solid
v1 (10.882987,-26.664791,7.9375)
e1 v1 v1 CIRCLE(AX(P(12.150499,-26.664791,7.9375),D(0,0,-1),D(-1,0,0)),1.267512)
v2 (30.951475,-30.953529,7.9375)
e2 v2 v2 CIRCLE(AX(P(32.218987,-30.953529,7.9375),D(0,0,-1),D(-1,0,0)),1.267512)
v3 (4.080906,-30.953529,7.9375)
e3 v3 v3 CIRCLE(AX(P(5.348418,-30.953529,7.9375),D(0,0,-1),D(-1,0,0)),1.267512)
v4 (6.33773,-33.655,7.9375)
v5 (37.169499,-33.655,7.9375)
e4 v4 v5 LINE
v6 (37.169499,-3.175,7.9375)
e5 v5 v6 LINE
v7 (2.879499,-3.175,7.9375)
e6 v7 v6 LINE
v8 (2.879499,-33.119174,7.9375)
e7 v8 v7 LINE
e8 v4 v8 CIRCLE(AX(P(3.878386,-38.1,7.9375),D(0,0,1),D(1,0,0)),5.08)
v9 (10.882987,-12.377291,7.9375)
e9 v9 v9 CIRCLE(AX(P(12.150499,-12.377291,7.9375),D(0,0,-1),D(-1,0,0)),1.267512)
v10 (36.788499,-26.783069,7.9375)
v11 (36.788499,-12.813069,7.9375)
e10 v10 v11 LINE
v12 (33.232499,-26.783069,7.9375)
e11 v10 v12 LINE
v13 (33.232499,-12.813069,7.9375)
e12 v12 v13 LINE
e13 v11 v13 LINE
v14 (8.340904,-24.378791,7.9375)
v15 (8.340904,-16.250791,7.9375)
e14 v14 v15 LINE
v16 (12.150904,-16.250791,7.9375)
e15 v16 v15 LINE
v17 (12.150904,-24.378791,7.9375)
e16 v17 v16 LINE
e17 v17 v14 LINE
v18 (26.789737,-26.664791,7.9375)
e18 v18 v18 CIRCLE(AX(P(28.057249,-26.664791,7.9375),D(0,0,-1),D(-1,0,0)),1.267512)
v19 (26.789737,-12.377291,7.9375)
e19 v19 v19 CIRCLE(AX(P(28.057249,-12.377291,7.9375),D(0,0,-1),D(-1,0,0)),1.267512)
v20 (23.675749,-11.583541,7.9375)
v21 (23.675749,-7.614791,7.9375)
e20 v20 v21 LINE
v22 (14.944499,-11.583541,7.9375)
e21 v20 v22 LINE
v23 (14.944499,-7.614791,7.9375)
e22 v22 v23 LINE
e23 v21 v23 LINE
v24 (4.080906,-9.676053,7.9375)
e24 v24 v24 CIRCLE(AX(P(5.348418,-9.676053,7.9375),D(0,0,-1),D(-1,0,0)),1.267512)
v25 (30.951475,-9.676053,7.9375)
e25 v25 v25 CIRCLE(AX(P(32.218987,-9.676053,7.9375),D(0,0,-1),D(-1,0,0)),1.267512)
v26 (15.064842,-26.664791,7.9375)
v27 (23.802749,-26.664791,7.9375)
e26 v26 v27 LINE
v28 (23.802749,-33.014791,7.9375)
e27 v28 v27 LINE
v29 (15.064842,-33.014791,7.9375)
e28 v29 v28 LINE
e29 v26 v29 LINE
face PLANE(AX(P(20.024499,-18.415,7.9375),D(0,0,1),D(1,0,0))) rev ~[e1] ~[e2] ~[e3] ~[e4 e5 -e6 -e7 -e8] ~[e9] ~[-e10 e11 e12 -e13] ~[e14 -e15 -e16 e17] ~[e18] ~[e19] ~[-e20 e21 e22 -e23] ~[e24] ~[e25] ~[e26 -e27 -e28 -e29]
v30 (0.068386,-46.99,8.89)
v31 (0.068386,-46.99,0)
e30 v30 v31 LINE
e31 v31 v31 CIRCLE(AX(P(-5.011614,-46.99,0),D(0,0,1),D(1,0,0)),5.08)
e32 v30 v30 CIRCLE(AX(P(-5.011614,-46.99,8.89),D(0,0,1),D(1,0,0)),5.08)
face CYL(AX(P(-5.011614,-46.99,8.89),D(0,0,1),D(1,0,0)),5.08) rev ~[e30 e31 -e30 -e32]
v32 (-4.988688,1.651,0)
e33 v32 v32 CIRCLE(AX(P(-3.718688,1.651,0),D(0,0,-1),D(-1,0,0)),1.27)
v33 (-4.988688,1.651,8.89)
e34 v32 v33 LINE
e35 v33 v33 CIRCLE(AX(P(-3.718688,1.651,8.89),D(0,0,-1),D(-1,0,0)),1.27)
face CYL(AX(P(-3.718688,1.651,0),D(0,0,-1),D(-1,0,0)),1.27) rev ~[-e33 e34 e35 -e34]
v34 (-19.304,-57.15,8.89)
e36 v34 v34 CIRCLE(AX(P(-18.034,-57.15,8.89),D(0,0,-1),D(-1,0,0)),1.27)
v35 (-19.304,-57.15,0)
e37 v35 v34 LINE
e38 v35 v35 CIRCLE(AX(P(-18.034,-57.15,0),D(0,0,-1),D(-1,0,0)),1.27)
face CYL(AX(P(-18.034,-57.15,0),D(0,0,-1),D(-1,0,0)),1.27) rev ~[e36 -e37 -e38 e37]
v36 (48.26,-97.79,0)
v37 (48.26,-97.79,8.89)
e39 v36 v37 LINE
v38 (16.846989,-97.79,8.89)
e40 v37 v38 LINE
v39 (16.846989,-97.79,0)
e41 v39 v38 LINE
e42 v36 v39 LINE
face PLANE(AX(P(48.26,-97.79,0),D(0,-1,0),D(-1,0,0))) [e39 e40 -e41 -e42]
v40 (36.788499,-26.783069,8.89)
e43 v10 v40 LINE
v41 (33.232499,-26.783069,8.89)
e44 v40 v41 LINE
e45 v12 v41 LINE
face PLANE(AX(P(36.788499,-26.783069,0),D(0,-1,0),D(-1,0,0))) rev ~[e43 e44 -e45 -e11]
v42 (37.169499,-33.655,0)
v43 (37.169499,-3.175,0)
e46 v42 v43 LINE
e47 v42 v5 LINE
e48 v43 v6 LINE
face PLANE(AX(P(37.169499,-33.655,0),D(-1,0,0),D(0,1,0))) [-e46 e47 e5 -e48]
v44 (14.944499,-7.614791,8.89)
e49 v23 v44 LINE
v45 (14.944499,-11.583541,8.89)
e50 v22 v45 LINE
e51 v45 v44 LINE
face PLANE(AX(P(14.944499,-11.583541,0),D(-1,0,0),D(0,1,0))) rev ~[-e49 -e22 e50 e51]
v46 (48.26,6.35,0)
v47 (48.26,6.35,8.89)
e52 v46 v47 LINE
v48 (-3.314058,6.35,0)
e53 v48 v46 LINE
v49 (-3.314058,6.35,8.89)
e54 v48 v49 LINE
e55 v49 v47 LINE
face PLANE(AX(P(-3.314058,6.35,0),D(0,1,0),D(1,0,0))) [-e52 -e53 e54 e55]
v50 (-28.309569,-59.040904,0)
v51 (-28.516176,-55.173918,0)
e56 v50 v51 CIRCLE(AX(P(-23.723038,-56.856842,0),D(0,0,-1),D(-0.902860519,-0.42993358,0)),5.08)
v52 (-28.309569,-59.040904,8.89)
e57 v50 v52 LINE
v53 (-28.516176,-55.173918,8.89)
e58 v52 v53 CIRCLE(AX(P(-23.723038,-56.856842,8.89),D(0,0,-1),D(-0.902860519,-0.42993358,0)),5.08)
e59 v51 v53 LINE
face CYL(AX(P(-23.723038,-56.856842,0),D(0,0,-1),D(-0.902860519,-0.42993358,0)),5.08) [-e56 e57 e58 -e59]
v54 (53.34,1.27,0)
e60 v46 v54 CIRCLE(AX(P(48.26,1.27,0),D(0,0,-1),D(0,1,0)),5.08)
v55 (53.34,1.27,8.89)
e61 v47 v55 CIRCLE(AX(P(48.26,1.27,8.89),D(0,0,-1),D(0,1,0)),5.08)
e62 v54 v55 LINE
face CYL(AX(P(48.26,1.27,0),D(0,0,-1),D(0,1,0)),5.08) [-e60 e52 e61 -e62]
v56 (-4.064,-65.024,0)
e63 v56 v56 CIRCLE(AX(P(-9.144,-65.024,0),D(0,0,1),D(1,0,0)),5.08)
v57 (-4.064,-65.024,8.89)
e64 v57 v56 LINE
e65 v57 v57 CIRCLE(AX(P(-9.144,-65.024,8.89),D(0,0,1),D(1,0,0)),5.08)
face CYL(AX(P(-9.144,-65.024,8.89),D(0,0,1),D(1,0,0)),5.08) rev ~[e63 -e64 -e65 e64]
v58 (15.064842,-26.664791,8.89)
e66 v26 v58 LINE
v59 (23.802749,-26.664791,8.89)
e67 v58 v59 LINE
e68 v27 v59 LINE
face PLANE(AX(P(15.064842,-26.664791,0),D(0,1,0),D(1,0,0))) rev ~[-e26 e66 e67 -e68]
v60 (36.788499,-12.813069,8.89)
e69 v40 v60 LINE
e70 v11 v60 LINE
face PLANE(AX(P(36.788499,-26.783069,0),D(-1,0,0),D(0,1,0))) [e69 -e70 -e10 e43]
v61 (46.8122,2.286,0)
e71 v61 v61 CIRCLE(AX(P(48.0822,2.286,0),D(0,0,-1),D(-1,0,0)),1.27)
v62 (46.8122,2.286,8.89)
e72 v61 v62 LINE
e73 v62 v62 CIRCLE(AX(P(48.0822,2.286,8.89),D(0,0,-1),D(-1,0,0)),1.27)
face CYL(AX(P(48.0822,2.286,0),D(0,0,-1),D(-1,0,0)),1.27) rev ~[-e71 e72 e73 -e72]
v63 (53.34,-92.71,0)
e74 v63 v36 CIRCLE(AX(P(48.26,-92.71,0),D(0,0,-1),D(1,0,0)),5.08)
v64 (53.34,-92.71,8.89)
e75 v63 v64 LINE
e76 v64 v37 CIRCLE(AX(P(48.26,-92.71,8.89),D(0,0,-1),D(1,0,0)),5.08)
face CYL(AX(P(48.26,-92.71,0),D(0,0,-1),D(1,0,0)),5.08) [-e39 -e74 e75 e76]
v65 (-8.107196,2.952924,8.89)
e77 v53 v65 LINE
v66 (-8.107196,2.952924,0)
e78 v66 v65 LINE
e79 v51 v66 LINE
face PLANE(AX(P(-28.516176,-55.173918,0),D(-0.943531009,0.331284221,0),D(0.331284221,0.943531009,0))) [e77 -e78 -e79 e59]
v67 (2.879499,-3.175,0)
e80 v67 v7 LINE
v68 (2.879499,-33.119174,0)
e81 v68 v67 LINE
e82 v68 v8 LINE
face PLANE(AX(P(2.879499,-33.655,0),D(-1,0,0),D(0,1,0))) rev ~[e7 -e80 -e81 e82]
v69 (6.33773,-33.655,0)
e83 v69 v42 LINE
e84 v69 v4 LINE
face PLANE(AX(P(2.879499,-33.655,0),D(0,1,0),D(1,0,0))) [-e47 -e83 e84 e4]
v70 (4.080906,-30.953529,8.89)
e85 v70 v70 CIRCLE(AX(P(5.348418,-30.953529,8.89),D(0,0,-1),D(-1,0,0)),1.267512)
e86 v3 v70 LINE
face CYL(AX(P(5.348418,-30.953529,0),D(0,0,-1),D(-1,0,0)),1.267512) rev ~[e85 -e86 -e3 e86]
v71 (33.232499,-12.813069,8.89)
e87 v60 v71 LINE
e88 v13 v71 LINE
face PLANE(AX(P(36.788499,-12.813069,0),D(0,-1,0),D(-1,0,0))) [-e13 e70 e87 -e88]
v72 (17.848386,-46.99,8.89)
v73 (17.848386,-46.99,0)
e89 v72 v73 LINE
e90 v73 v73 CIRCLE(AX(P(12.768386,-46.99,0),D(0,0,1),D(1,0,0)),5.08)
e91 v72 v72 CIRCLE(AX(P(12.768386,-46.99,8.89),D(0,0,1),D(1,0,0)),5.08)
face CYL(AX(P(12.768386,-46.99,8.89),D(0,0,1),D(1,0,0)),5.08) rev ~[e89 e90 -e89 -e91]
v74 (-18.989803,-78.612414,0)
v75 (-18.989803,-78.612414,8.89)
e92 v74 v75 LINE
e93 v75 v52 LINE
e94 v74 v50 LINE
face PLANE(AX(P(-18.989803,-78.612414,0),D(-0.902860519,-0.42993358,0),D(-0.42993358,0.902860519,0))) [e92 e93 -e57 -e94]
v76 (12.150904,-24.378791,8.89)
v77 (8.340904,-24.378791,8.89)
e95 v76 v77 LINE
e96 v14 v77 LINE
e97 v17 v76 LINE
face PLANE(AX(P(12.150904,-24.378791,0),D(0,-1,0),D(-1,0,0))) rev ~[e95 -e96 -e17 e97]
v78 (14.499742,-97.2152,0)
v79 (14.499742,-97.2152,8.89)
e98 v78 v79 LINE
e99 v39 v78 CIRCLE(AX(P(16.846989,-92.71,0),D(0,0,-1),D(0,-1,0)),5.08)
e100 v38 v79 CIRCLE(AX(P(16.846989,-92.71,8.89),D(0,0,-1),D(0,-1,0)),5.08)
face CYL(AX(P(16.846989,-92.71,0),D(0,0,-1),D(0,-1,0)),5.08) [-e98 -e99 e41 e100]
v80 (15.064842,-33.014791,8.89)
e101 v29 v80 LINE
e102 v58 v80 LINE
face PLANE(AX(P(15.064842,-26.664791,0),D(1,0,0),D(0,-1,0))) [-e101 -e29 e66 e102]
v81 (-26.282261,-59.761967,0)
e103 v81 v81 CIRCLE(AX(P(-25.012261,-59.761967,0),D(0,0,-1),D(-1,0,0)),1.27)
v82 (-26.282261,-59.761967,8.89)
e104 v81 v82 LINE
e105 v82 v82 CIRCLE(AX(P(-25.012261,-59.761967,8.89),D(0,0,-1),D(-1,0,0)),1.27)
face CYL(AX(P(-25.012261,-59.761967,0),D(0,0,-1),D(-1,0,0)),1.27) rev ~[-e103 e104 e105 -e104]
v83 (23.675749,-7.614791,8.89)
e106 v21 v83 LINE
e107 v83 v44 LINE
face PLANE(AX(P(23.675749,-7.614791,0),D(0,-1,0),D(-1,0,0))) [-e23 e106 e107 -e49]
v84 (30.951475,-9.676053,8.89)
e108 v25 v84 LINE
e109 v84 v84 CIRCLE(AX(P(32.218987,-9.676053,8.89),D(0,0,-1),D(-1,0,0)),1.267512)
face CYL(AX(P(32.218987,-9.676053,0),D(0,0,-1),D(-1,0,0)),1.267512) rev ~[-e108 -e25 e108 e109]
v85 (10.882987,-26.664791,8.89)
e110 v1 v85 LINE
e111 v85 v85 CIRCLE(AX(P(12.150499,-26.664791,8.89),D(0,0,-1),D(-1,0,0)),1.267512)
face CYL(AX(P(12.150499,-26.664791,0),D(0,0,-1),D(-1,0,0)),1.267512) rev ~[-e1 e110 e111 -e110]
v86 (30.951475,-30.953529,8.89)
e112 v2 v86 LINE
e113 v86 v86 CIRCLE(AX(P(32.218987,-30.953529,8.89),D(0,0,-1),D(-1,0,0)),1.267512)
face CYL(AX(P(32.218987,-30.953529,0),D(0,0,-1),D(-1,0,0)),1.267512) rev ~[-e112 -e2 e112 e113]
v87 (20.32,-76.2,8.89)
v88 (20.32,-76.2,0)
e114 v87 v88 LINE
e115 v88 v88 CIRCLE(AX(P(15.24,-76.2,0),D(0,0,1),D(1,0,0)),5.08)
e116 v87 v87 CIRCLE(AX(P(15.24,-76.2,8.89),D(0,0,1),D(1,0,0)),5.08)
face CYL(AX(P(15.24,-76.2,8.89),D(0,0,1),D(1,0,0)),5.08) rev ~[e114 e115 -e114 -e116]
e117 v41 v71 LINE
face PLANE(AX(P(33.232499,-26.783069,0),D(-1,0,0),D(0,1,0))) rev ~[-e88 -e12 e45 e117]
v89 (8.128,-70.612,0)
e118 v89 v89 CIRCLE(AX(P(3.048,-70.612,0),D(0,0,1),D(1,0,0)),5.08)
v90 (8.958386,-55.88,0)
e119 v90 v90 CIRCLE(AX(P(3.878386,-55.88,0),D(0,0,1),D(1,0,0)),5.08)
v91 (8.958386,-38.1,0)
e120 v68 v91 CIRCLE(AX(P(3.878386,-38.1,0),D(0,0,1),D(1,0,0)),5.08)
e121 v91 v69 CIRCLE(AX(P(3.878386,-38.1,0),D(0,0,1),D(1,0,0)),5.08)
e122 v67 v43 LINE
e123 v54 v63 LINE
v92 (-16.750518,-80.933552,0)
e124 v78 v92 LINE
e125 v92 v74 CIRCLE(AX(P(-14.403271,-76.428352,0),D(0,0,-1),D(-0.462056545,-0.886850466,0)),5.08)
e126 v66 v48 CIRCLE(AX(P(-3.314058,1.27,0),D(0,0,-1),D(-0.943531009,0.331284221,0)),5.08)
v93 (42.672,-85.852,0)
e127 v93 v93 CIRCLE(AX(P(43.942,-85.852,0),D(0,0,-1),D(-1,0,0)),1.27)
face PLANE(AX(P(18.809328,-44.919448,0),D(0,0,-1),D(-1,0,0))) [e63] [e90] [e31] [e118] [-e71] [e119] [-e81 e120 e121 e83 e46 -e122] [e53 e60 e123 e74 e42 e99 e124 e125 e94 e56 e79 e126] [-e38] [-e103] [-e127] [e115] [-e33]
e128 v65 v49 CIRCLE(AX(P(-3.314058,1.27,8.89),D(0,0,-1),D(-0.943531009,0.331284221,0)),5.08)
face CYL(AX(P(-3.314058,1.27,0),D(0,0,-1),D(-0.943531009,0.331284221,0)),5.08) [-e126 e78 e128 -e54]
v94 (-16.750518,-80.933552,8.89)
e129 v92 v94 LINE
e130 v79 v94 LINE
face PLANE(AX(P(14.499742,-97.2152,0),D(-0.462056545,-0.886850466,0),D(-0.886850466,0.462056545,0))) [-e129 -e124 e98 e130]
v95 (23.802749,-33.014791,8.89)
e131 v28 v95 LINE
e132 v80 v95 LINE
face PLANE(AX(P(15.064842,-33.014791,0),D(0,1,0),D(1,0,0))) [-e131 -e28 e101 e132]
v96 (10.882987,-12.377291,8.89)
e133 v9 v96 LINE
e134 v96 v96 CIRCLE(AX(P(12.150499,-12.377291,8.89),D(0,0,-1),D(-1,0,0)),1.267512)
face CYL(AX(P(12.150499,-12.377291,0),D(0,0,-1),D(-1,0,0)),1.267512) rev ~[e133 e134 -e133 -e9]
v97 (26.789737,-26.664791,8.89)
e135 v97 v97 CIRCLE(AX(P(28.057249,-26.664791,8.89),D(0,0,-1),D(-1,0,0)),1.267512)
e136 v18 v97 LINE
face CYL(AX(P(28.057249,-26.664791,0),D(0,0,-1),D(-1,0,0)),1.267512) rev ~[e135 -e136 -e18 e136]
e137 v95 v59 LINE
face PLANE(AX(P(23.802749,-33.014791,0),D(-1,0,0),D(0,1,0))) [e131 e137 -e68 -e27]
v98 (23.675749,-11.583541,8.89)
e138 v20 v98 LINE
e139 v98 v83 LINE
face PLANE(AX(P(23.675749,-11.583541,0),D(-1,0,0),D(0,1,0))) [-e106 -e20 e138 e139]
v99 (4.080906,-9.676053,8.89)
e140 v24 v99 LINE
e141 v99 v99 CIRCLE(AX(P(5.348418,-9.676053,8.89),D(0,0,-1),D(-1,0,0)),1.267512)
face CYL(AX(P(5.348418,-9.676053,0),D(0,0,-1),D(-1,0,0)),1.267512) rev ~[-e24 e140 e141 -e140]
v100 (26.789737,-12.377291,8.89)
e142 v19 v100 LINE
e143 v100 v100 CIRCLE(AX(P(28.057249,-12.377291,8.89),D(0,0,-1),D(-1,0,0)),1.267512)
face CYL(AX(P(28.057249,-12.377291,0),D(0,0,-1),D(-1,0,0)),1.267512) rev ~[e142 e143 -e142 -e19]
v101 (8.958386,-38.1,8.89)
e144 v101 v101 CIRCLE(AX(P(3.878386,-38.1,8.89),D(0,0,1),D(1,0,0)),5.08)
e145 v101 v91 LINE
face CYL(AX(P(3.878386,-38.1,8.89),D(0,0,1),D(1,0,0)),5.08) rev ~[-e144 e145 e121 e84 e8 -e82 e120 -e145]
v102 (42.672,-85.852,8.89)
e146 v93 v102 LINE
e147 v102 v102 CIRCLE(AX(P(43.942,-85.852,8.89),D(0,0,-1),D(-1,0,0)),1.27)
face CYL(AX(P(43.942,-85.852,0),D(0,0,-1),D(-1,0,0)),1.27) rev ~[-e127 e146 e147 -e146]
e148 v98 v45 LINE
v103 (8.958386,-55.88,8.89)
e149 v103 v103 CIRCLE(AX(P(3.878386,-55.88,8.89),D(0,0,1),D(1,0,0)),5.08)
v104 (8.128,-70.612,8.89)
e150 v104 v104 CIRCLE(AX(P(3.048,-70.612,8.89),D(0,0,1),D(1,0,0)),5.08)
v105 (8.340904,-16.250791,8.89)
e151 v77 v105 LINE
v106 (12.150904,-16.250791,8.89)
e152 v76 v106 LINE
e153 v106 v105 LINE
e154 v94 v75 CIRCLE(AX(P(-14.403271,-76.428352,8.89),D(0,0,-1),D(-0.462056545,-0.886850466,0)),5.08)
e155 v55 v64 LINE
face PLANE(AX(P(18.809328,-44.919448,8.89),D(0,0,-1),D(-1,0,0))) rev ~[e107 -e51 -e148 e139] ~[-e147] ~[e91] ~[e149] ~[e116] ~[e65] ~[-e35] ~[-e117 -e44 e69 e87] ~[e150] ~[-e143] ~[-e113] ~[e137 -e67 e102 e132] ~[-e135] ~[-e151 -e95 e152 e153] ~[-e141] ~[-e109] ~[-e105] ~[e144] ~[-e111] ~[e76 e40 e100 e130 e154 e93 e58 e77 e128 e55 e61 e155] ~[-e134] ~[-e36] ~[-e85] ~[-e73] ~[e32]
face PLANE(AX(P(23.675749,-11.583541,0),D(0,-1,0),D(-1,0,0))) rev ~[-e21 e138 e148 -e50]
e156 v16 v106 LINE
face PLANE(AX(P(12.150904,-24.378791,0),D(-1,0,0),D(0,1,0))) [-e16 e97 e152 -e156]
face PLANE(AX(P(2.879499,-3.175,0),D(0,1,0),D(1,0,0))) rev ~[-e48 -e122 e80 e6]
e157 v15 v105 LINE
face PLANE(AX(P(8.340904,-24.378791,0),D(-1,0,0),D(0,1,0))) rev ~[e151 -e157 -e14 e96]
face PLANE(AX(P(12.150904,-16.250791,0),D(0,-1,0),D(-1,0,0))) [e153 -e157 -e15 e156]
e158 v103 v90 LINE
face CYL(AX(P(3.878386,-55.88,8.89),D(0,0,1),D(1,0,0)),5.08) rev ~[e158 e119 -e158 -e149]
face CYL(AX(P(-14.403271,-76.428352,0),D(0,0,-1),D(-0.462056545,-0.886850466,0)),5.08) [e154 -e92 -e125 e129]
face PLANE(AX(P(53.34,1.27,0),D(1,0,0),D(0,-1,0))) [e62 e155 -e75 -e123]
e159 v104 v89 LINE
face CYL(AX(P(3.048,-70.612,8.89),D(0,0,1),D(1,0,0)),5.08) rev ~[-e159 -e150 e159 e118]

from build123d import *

# Parameters (mm, degrees)
BOSS_EXTRUDE1_DEPTH      = 8.89
SKETCH9_R                = 1.267511842
SKETCH9_W                = 3.81
SKETCH9_H                = 8.128
SKETCH9_W_2              = 3.556
SKETCH9_H_2              = 13.97
SKETCH9_W_3              = 8.73125
SKETCH9_H_3              = 3.96875
CUT_EXTRUDE6_DEPTH       = 1
CUT_EXTRUDE6_DEPTH_BACK  = 9.89
SKETCH4_W                = 34.29
SKETCH4_H                = 30.48
CUT_EXTRUDE7_DEPTH       = 7.9375
CUT_EXTRUDE7_DEPTH_BACK  = 1
SKETCH3_R                = 5.08
CUT_EXTRUDE8_DEPTH       = 1
CUT_EXTRUDE8_DEPTH_BACK  = 9.89
SKETCH12_R               = 1.27
CUT_EXTRUDE9_DEPTH       = 1
CUT_EXTRUDE9_DEPTH_BACK  = 9.89
SKETCH15_R               = 1.27
CUT_EXTRUDE10_DEPTH      = 1
CUT_EXTRUDE10_DEPTH_BACK = 9.89


with BuildPart() as part:
    # Sketch1 → Boss-Extrude1 (new body)
    with BuildSketch(Plane.XY):
        with BuildLine():
            Line((-3.314058103, 6.35), (48.26, 6.35))
            ThreePointArc((48.26, 6.35), (51.852102448, 4.862102448), (53.34, 1.27))
            Line((53.34, 1.27), (53.34, -92.71))
            ThreePointArc((53.34, -92.71), (51.852102448, -96.302102448), (48.26, -97.79))
            Line((48.26, -97.79), (16.846989059, -97.79))
            ThreePointArc((16.846989059, -97.79), (15.638688158, -97.644208035), (14.499741809, -97.215200367))
            Line((14.499741809, -97.215200367), (-16.7505185, -80.933552139))
            ThreePointArc((-16.7505185, -80.933552139), (-18.059258376, -79.955412607), (-18.989802686, -78.61241436))
            Line((-18.989802686, -78.61241436), (-28.309569459, -59.040904135))
            ThreePointArc((-28.309569459, -59.040904135), (-28.795802898, -57.127870198), (-28.51617555, -55.173917704))
            Line((-28.51617555, -55.173917704), (-8.107195629, 2.952923842))
            ThreePointArc((-8.107195629, 2.952923842), (-6.251501454, 5.414614163), (-3.314058103, 6.35))
        make_face()
    extrude(amount=BOSS_EXTRUDE1_DEPTH)

    # Sketch9 → Cut-Extrude6 (cut, two sides)
    with BuildSketch(Plane(origin=(0, 0, 0), x_dir=(-1, 0, 0), z_dir=(0, 0, -1))) as cut_extrude6_sk:
        with Locations((-5.348417946, -30.953529248)):
            Circle(SKETCH9_R)
        with Locations((-32.218986844, -9.676052932)):
            Circle(SKETCH9_R)
        with Locations((-12.150498686, -12.37729109)):
            Circle(SKETCH9_R)
        with Locations((-12.150498686, -26.66479109)):
            Circle(SKETCH9_R)
        with Locations((-28.057248686, -12.37729109)):
            Circle(SKETCH9_R)
        with Locations((-5.348417946, -9.676052932)):
            Circle(SKETCH9_R)
        with Locations((-32.218986844, -30.953529248)):
            Circle(SKETCH9_R)
        with Locations((-28.057248686, -26.66479109)):
            Circle(SKETCH9_R)
        with Locations((-10.245904396, -20.31479109)):
            Rectangle(SKETCH9_W, SKETCH9_H)
        Polygon((-15.064842187, -33.01479109), (-23.802748686, -33.01479109), (-23.802748686, -26.66479109), (-20.913498686, -26.66479109), (-15.064842187, -26.66479109), align=None)
        with Locations((-35.010498686, -19.798068783)):
            Rectangle(SKETCH9_W_2, SKETCH9_H_2)
        with Locations((-19.310123686, -9.59916609)):
            Rectangle(SKETCH9_W_3, SKETCH9_H_3)
    extrude(amount=CUT_EXTRUDE6_DEPTH, mode=Mode.SUBTRACT)
    extrude(cut_extrude6_sk.sketch, amount=-CUT_EXTRUDE6_DEPTH_BACK, mode=Mode.SUBTRACT)

    # Sketch4 → Cut-Extrude7 (cut, two sides)
    with BuildSketch(Plane.XY) as cut_extrude7_sk:
        with Locations((20.024498686, -18.415)):
            Rectangle(SKETCH4_W, SKETCH4_H)
    extrude(amount=CUT_EXTRUDE7_DEPTH, mode=Mode.SUBTRACT)
    extrude(cut_extrude7_sk.sketch, amount=-CUT_EXTRUDE7_DEPTH_BACK, mode=Mode.SUBTRACT)

    # Sketch3 → Cut-Extrude8 (cut, two sides)
    with BuildSketch(Plane.XY.offset(8.89)) as cut_extrude8_sk:
        with Locations((3.878385852, -38.1)):
            Circle(SKETCH3_R)
        with Locations((-5.011614148, -46.99)):
            Circle(SKETCH3_R)
        with Locations((3.878385852, -55.88)):
            Circle(SKETCH3_R)
        with Locations((12.768385852, -46.99)):
            Circle(SKETCH3_R)
        with Locations((-9.144, -65.024)):
            Circle(SKETCH3_R)
        with Locations((3.048, -70.612)):
            Circle(SKETCH3_R)
        with Locations((15.24, -76.2)):
            Circle(SKETCH3_R)
    extrude(amount=CUT_EXTRUDE8_DEPTH, mode=Mode.SUBTRACT)
    extrude(cut_extrude8_sk.sketch, amount=-CUT_EXTRUDE8_DEPTH_BACK, mode=Mode.SUBTRACT)

    # Sketch12 → Cut-Extrude9 (cut, two sides)
    with BuildSketch(Plane(origin=(0, 0, 0), x_dir=(-1, 0, 0), z_dir=(0, 0, -1))) as cut_extrude9_sk:
        with Locations((-48.0822, 2.286)):
            Circle(SKETCH12_R)
        with Locations((3.718687848, 1.651)):
            Circle(SKETCH12_R)
        with Locations((25.012261453, -59.761967182)):
            Circle(SKETCH12_R)
    extrude(amount=CUT_EXTRUDE9_DEPTH, mode=Mode.SUBTRACT)
    extrude(cut_extrude9_sk.sketch, amount=-CUT_EXTRUDE9_DEPTH_BACK, mode=Mode.SUBTRACT)

    # Sketch15 → Cut-Extrude10 (cut, two sides)
    with BuildSketch(Plane(origin=(0, 0, 0), x_dir=(-1, 0, 0), z_dir=(0, 0, -1))) as cut_extrude10_sk:
        with Locations((18.034, -57.15)):
            Circle(SKETCH15_R)
        with Locations((-43.942, -85.852)):
            Circle(SKETCH15_R)
    extrude(amount=CUT_EXTRUDE10_DEPTH, mode=Mode.SUBTRACT)
    extrude(cut_extrude10_sk.sketch, amount=-CUT_EXTRUDE10_DEPTH_BACK, mode=Mode.SUBTRACT)


solid = part.part
